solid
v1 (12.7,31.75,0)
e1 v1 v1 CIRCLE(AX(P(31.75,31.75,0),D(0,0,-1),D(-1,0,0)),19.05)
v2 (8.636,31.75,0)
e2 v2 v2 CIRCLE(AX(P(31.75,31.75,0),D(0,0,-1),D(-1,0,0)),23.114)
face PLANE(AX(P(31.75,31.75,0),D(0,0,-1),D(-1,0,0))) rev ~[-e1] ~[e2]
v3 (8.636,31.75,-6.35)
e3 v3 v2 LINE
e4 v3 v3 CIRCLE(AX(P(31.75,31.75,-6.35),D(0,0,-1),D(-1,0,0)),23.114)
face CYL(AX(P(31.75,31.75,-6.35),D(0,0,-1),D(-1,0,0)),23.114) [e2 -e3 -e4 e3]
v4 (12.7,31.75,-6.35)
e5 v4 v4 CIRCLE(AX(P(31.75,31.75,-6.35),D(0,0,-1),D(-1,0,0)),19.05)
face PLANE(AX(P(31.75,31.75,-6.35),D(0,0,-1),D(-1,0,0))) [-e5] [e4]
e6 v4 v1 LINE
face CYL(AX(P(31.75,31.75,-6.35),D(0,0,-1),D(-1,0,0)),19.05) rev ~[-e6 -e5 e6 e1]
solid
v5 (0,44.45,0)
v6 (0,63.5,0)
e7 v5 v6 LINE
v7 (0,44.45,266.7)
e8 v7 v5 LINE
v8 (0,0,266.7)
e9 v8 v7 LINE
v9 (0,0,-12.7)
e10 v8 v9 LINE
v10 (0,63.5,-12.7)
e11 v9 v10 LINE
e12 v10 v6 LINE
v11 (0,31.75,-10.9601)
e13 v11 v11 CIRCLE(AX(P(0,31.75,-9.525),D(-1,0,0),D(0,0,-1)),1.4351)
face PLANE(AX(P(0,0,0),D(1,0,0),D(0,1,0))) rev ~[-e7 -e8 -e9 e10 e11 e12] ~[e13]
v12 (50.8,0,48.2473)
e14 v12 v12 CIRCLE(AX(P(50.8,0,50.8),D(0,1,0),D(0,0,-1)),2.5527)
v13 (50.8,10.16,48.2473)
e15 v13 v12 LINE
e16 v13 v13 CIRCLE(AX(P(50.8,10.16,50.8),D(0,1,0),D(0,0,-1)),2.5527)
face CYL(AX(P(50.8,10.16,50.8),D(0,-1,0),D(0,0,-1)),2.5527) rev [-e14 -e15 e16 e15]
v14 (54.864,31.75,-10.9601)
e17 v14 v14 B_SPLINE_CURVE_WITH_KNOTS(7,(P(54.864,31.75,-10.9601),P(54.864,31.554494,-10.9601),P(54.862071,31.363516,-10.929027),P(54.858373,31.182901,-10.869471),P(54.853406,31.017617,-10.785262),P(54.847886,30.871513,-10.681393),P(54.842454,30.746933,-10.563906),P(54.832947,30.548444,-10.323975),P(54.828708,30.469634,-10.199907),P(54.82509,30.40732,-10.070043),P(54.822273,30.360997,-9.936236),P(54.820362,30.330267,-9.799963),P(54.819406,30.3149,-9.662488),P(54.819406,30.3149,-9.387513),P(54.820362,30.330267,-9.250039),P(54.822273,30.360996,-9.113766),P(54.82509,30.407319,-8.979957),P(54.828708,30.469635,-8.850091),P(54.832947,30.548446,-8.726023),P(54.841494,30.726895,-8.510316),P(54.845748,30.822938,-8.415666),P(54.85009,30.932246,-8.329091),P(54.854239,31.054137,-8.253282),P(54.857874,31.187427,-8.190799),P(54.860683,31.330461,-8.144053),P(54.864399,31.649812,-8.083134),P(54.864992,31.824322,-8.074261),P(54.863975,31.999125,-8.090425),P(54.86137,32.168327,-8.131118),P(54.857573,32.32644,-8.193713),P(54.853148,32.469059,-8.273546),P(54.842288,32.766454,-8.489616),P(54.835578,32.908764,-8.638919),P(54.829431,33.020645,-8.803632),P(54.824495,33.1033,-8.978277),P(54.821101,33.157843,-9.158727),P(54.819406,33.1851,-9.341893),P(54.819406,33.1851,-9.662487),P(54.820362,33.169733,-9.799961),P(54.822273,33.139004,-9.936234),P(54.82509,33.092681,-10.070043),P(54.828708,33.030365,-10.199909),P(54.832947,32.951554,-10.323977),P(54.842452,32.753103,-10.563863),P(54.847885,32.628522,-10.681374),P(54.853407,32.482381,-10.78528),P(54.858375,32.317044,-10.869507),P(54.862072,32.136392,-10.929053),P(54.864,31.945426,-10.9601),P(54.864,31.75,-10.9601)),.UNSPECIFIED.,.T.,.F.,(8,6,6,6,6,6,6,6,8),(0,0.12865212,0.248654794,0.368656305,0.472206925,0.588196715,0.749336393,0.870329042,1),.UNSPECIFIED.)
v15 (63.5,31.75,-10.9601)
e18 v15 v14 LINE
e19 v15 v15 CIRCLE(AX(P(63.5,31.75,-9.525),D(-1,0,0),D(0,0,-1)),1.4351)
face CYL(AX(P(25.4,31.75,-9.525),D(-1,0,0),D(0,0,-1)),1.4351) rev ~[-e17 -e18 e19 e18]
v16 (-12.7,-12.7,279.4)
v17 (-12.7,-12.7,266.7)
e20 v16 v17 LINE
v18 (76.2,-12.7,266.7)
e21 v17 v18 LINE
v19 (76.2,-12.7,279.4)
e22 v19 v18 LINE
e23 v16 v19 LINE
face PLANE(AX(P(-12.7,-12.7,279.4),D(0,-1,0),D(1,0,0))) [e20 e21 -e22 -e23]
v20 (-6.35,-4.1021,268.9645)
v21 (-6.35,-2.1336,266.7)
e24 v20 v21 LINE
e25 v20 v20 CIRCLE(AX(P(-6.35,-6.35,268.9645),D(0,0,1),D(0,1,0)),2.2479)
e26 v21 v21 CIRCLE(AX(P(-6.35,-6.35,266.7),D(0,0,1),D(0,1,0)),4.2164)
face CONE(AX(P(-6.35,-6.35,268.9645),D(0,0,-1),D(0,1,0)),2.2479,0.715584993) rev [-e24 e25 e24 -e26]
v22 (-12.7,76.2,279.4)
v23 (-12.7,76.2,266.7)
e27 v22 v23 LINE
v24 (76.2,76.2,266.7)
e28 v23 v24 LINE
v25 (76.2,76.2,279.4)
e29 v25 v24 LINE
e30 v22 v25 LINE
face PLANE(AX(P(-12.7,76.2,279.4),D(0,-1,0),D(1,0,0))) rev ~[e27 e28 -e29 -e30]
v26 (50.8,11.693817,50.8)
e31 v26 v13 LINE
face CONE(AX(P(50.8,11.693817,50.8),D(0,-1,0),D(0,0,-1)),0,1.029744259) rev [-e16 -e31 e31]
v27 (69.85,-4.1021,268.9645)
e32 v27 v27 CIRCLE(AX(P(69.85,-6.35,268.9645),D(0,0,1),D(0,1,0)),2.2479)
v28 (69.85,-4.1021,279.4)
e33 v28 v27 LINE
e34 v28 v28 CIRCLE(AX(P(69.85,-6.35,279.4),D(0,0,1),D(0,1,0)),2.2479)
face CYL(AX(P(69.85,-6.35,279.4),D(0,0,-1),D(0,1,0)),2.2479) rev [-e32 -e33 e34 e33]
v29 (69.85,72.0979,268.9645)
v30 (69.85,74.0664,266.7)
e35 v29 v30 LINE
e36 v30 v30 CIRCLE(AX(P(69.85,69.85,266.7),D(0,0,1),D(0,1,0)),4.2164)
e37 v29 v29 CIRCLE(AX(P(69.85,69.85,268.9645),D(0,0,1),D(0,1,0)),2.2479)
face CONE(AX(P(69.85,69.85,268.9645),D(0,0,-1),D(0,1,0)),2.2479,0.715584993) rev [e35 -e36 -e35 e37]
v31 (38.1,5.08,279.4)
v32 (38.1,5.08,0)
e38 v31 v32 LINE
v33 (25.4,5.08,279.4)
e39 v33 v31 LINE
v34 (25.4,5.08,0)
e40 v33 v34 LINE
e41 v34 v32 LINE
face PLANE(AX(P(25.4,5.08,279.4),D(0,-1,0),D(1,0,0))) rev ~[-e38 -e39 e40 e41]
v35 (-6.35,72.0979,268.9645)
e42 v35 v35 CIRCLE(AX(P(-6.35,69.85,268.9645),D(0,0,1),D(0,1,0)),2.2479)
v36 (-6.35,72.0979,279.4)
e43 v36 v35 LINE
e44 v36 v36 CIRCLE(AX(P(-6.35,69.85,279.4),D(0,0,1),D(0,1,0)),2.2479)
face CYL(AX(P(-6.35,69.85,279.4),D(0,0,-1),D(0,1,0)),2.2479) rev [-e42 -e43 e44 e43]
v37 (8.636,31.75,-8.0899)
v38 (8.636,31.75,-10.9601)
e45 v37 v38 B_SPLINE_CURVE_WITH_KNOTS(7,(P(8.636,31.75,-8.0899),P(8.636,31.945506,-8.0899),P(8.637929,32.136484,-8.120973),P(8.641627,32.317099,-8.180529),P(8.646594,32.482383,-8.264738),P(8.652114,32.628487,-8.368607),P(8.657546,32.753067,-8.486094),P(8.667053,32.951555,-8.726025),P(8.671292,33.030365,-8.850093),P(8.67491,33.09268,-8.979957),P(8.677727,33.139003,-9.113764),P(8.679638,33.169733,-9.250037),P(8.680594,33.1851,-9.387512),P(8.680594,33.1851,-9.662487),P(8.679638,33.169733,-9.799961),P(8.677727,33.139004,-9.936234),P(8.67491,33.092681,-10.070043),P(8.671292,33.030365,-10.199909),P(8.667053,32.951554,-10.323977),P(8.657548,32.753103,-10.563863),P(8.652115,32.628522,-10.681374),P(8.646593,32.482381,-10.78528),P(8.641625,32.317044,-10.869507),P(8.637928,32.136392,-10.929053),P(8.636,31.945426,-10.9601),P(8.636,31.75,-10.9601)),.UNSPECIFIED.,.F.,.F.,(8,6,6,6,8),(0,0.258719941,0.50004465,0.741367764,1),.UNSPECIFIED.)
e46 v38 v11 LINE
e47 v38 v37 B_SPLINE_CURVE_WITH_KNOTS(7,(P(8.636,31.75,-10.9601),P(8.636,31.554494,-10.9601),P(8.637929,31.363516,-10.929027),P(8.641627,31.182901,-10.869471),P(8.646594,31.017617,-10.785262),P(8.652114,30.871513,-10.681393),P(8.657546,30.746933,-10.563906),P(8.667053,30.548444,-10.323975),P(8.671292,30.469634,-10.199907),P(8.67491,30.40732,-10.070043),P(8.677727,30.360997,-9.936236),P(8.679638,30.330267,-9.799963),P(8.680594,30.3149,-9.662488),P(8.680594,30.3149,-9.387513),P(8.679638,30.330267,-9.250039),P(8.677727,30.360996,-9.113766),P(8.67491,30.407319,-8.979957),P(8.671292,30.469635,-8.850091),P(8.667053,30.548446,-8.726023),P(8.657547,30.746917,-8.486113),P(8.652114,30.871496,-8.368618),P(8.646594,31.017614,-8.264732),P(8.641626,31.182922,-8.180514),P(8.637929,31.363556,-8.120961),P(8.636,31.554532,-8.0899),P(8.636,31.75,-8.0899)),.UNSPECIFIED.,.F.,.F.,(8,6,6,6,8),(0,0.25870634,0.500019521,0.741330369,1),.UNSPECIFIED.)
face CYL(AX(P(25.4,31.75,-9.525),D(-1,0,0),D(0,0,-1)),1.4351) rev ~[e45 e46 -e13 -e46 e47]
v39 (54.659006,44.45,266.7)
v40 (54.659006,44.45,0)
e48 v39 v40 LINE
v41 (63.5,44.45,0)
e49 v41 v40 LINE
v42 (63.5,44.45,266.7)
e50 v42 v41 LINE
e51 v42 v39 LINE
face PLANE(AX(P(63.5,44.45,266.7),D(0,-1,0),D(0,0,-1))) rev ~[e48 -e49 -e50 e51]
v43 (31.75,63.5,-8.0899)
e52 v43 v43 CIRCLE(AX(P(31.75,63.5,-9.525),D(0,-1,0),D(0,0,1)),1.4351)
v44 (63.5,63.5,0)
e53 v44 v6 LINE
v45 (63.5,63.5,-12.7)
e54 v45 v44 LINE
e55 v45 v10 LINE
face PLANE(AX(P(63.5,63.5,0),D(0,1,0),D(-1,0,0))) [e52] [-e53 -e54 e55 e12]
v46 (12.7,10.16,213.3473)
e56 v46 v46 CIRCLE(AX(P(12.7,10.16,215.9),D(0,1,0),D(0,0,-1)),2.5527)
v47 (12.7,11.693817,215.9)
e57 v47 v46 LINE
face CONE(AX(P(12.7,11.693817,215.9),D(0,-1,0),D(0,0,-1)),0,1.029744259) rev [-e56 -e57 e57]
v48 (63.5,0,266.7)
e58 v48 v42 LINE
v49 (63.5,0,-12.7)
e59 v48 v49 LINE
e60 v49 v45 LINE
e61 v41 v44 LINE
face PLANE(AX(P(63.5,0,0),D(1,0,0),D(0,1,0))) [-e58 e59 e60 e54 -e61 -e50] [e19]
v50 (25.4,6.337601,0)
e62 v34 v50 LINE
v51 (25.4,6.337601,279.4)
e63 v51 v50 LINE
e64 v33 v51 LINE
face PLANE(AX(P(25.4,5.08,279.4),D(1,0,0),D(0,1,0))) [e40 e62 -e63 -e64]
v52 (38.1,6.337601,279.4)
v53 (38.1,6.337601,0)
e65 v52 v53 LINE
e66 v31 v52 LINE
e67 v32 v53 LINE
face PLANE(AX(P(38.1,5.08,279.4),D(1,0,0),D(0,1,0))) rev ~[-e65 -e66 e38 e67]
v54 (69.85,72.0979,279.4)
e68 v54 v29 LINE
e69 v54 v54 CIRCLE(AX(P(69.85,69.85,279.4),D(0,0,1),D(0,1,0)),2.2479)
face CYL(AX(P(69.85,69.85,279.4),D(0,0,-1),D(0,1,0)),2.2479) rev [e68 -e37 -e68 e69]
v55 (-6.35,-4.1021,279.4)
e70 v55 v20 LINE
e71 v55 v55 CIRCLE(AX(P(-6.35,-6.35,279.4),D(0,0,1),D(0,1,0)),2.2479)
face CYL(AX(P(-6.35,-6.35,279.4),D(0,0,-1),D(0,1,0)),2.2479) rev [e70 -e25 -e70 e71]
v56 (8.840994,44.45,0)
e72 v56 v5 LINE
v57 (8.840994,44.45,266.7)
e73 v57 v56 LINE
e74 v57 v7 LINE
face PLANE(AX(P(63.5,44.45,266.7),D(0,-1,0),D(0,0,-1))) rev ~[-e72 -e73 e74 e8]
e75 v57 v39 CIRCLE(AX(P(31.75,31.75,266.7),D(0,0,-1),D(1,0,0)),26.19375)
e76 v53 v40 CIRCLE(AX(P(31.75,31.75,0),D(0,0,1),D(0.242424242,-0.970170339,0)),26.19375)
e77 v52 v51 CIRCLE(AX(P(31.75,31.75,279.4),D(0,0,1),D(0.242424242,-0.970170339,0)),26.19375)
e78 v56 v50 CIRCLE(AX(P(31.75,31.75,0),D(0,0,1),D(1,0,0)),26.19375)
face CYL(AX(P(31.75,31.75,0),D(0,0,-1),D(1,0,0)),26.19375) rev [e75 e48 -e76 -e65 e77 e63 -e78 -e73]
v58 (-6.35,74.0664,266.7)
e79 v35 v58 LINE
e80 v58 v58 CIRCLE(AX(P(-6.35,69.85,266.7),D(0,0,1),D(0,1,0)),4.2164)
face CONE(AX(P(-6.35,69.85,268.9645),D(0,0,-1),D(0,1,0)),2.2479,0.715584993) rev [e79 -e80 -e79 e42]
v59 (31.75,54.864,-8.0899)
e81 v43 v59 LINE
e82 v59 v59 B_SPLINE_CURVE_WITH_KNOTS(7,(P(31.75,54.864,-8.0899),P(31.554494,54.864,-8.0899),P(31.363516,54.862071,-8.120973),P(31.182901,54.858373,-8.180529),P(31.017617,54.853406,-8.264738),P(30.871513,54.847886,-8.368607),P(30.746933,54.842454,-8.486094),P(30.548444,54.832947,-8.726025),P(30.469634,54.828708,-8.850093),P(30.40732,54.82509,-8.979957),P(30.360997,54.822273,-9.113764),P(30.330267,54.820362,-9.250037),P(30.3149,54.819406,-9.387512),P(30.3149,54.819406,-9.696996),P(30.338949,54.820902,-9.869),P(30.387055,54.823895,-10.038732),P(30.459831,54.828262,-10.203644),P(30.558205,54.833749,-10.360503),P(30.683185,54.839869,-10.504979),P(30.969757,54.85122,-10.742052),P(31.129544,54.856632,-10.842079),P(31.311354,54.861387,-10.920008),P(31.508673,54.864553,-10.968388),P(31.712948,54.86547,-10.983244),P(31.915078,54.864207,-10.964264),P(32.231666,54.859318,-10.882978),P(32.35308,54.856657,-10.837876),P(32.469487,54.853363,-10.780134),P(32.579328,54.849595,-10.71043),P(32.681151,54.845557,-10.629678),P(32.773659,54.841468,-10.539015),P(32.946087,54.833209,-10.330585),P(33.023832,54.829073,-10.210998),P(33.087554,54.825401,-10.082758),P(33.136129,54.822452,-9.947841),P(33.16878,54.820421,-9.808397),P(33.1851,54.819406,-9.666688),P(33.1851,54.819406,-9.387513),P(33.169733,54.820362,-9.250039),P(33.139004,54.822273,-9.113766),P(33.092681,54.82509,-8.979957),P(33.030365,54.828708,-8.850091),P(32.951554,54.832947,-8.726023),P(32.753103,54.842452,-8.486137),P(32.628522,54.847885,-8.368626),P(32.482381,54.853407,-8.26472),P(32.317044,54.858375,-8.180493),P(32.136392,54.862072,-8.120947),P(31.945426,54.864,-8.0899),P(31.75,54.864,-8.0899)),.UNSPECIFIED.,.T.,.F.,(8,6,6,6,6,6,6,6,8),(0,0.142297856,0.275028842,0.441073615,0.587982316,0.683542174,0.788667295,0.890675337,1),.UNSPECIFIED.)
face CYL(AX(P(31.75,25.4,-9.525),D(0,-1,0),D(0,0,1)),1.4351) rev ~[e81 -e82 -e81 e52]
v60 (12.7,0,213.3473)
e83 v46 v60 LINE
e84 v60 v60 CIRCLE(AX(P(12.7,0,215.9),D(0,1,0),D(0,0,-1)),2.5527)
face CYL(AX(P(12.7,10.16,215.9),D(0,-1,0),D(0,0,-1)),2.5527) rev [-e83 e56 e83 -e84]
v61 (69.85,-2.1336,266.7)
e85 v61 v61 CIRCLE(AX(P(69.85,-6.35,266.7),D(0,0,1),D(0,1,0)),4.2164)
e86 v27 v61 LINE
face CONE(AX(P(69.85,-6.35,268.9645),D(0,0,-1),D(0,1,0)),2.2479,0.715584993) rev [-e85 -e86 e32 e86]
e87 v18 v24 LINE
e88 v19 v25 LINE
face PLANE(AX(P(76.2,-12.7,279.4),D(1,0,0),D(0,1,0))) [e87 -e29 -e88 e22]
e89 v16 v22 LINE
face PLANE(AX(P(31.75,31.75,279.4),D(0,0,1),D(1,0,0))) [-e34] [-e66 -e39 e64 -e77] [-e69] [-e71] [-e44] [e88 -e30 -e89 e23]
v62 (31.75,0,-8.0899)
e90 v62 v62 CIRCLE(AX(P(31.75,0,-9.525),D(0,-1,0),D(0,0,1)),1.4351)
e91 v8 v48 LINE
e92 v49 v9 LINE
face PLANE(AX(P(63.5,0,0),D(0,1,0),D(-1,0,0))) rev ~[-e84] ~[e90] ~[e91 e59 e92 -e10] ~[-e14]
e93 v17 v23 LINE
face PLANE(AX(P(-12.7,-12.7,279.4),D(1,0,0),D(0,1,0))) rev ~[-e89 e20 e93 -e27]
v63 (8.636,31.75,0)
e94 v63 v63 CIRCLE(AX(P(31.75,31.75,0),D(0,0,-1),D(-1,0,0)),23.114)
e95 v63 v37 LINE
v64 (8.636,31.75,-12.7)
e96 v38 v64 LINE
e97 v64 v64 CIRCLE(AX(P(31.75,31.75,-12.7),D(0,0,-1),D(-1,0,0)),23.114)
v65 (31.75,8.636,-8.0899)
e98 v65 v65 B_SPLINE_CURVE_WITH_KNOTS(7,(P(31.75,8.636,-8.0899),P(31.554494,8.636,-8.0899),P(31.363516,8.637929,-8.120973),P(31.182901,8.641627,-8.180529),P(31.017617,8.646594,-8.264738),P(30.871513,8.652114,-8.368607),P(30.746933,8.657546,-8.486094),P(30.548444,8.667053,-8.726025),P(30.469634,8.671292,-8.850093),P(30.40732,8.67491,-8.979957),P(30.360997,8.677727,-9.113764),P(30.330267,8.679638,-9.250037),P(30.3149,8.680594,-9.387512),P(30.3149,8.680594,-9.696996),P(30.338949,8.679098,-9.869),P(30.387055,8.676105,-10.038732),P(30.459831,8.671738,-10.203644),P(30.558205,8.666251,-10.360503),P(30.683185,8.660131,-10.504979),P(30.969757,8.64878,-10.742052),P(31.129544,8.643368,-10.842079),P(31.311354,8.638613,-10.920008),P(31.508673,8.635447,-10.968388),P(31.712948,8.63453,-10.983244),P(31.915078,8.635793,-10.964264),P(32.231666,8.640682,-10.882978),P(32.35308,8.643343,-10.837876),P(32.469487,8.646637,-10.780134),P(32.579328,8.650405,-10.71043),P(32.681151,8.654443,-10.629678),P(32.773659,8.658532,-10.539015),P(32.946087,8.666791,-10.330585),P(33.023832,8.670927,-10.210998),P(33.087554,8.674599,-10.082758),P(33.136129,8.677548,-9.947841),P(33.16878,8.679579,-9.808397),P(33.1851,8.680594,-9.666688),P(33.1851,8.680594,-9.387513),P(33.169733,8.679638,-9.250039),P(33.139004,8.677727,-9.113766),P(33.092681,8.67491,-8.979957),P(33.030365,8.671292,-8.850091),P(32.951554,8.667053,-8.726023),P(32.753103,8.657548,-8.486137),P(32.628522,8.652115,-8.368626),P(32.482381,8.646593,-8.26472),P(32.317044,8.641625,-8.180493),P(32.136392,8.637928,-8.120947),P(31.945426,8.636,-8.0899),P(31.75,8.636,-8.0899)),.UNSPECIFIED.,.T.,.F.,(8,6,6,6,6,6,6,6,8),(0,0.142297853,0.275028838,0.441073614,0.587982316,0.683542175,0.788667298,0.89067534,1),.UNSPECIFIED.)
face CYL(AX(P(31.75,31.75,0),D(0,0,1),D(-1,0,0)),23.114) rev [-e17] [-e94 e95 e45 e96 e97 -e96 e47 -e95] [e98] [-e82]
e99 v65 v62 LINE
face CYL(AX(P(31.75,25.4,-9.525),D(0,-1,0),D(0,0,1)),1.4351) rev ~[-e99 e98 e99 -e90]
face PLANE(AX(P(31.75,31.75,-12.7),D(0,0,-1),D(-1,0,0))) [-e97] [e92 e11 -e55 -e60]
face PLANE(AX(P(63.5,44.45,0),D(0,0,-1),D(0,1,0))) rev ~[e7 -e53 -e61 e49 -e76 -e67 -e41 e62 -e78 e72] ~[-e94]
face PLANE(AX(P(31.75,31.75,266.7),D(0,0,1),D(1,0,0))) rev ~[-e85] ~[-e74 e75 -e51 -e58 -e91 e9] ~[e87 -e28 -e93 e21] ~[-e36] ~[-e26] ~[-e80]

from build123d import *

# Parameters (mm, degrees)
SKETCH2_W                                     = 63.5
SKETCH2_H                                     = 63.5
SKETCH2_R                                     = 26.19375
BOSS_EXTRUDE1_DEPTH                           = 279.4
SKETCH3_W                                     = 88.9
SKETCH3_H                                     = 88.9
SKETCH3_R                                     = 26.19375
BOSS_EXTRUDE2_DEPTH                           = 12.7
SKETCH4_W                                     = 63.5
SKETCH4_H                                     = 63.5
SKETCH4_R                                     = 23.114
BOSS_EXTRUDE3_DEPTH                           = 12.7
SKETCH5_R                                     = 23.114
SKETCH5_R_2                                   = 19.05
BOSS_EXTRUDE4_DEPTH                           = 6.35
SKETCH7_W                                     = 266.7
SKETCH7_H                                     = 19.05
CUT_EXTRUDE2_DEPTH                            = 77.2
SKETCH8_W                                     = 1.4351
SKETCH8_H                                     = 76.2
SKETCH10_W                                    = 1.4351
SKETCH10_H                                    = 76.2
CSK_FOR_8_FLAT_HEAD_MACHINE_SCREW1_AT_2_COUNT = 2
CSK_FOR_8_FLAT_HEAD_MACHINE_SCREW1_AT_2_PITCH = 76.2
CSK_FOR_8_FLAT_HEAD_MACHINE_SCREW1_AT_3_COUNT = 2
CSK_FOR_8_FLAT_HEAD_MACHINE_SCREW1_AT_3_PITCH = 107.763073453
CSK_FOR_8_FLAT_HEAD_MACHINE_SCREW1_AT_4_COUNT = 2
CSK_FOR_8_FLAT_HEAD_MACHINE_SCREW1_AT_4_PITCH = 76.2
SKETCH16_W                                    = 12.7
SKETCH16_H                                    = 2.6035
CUT_EXTRUDE3_DEPTH                            = 279.4
F_1_4_20_TAPPED_HOLE1_AT_2_COUNT              = 2
F_1_4_20_TAPPED_HOLE1_AT_2_PITCH              = 169.439133614


with BuildPart() as part:
    # Sketch2 → Boss-Extrude1 (new body)
    with BuildSketch(Plane.XY):
        with Locations((31.75, 31.75)):
            Rectangle(SKETCH2_W, SKETCH2_H)
        with Locations((31.75, 31.75)):
            Circle(SKETCH2_R, mode=Mode.SUBTRACT)
    extrude(amount=BOSS_EXTRUDE1_DEPTH)

    # Sketch3 → Boss-Extrude2 (add)
    with BuildSketch(Plane.XY.offset(279.4)):
        with Locations((31.75, 31.75)):
            Rectangle(SKETCH3_W, SKETCH3_H)
        with Locations((31.75, 31.75)):
            Circle(SKETCH3_R, mode=Mode.SUBTRACT)
    extrude(amount=-BOSS_EXTRUDE2_DEPTH)

    # Sketch4 → Boss-Extrude3 (add)
    with BuildSketch(Plane(origin=(0, 0, 0), x_dir=(-1, 0, 0), z_dir=(0, 0, -1))):
        with Locations((-31.75, 31.75)):
            Rectangle(SKETCH4_W, SKETCH4_H)
        with Locations((-31.75, 31.75)):
            Circle(SKETCH4_R, mode=Mode.SUBTRACT)
    extrude(amount=BOSS_EXTRUDE3_DEPTH)

    # Sketch7 → Cut-Extrude2 (cut, through all)
    with BuildSketch(Plane(origin=(63.5, 0, 0), x_dir=(0, 0, -1), z_dir=(1, 0, 0))):
        with Locations((-133.35, 53.975)):
            Rectangle(SKETCH7_W, SKETCH7_H)
    extrude(amount=-CUT_EXTRUDE2_DEPTH, mode=Mode.SUBTRACT)

    # Sketch8 → #6-40 Tapped Hole1 (revolve, cut)
    with BuildSketch(Plane(origin=(63.5, 31.75, -9.525), x_dir=(0, 0, -1), z_dir=(0, 1, 0))):
        with Locations((0.71755, 38.1)):
            Rectangle(SKETCH8_W, SKETCH8_H)
    revolve(axis=Axis((69.85, 31.75, -9.525), (-1, 0, 0)), mode=Mode.SUBTRACT)

    # Sketch10 → #6-40 Tapped Hole2 (revolve, cut)
    with BuildSketch(Plane(origin=(31.75, 63.5, -9.525), x_dir=(0, 0, 1), z_dir=(1, 0, 0))):
        with Locations((0.71755, 38.1)):
            Rectangle(SKETCH10_W, SKETCH10_H)
    revolve(axis=Axis((31.75, 69.85, -9.525), (0, -1, 0)), mode=Mode.SUBTRACT)

    # Sketch12 → CSK for #8 Flat Head Machine Screw1 (revolve, cut)
    with BuildSketch(Plane(origin=(69.85, 69.85, 266.7), x_dir=(0, 1, 0), z_dir=(1, 0, 0))):
        Polygon((0, 0), (0, 12.7), (2.2479, 12.7), (2.2479, 2.26450021), (4.2164, 0), align=None)
    csk_for_8_flat_head_machine_screw1 = revolve(axis=Axis((69.85, 69.85, 260.35), (0, 0, 1)), mode=Mode.SUBTRACT)

    # CSK for #8 Flat Head Machine Screw1 at 2: CSK for #8 Flat Head Machine Screw1 ×2
    with Locations(*[(-i * CSK_FOR_8_FLAT_HEAD_MACHINE_SCREW1_AT_2_PITCH, 0, 0) for i in range(1, CSK_FOR_8_FLAT_HEAD_MACHINE_SCREW1_AT_2_COUNT)]):
        add(csk_for_8_flat_head_machine_screw1, mode=Mode.SUBTRACT)

    # CSK for #8 Flat Head Machine Screw1 at 3: CSK for #8 Flat Head Machine Screw1 ×2
    with Locations(*[Vector(-0.707106781, -0.707106781, 0) * (i * CSK_FOR_8_FLAT_HEAD_MACHINE_SCREW1_AT_3_PITCH) for i in range(1, CSK_FOR_8_FLAT_HEAD_MACHINE_SCREW1_AT_3_COUNT)]):
        add(csk_for_8_flat_head_machine_screw1, mode=Mode.SUBTRACT)

    # CSK for #8 Flat Head Machine Screw1 at 4: CSK for #8 Flat Head Machine Screw1 ×2
    with Locations(*[(0, -i * CSK_FOR_8_FLAT_HEAD_MACHINE_SCREW1_AT_4_PITCH, 0) for i in range(1, CSK_FOR_8_FLAT_HEAD_MACHINE_SCREW1_AT_4_COUNT)]):
        add(csk_for_8_flat_head_machine_screw1, mode=Mode.SUBTRACT)

    # Sketch16 → Cut-Extrude3 (cut)
    with BuildSketch(Plane.XY.offset(279.4)):
        with Locations((31.75, 6.38175)):
            Rectangle(SKETCH16_W, SKETCH16_H)
    extrude(amount=-CUT_EXTRUDE3_DEPTH, mode=Mode.SUBTRACT)

    # Sketch19 → 1/4-20 Tapped Hole1 (revolve, cut)
    with BuildSketch(Plane(origin=(50.8, 0, 50.8), x_dir=(0, 0, -1), z_dir=(1, 0, 0))):
        Polygon((0, 0), (0, 11.693816902), (2.5527, 10.16), (2.5527, 0), align=None)
    f_1_4_20_tapped_hole1 = revolve(axis=Axis((50.8, -6.35, 50.8), (0, 1, 0)), mode=Mode.SUBTRACT)

    # 1/4-20 Tapped Hole1 at 2: 1/4-20 Tapped Hole1 ×2
    with Locations(*[Vector(-0.224859507, 0, 0.974391196) * (i * F_1_4_20_TAPPED_HOLE1_AT_2_PITCH) for i in range(1, F_1_4_20_TAPPED_HOLE1_AT_2_COUNT)]):
        add(f_1_4_20_tapped_hole1, mode=Mode.SUBTRACT)


with BuildPart() as body_2:
    # Sketch5 → Boss-Extrude4 (new body)
    with BuildSketch(Plane(origin=(0, 0, -6.35), x_dir=(-1, 0, 0), z_dir=(0, 0, -1))):
        with Locations((-31.75, 31.75)):
            Circle(SKETCH5_R)
        with Locations((-31.75, 31.75)):
            Circle(SKETCH5_R_2, mode=Mode.SUBTRACT)
    extrude(amount=-BOSS_EXTRUDE4_DEPTH)


solid = Compound([part.part, body_2.part])
